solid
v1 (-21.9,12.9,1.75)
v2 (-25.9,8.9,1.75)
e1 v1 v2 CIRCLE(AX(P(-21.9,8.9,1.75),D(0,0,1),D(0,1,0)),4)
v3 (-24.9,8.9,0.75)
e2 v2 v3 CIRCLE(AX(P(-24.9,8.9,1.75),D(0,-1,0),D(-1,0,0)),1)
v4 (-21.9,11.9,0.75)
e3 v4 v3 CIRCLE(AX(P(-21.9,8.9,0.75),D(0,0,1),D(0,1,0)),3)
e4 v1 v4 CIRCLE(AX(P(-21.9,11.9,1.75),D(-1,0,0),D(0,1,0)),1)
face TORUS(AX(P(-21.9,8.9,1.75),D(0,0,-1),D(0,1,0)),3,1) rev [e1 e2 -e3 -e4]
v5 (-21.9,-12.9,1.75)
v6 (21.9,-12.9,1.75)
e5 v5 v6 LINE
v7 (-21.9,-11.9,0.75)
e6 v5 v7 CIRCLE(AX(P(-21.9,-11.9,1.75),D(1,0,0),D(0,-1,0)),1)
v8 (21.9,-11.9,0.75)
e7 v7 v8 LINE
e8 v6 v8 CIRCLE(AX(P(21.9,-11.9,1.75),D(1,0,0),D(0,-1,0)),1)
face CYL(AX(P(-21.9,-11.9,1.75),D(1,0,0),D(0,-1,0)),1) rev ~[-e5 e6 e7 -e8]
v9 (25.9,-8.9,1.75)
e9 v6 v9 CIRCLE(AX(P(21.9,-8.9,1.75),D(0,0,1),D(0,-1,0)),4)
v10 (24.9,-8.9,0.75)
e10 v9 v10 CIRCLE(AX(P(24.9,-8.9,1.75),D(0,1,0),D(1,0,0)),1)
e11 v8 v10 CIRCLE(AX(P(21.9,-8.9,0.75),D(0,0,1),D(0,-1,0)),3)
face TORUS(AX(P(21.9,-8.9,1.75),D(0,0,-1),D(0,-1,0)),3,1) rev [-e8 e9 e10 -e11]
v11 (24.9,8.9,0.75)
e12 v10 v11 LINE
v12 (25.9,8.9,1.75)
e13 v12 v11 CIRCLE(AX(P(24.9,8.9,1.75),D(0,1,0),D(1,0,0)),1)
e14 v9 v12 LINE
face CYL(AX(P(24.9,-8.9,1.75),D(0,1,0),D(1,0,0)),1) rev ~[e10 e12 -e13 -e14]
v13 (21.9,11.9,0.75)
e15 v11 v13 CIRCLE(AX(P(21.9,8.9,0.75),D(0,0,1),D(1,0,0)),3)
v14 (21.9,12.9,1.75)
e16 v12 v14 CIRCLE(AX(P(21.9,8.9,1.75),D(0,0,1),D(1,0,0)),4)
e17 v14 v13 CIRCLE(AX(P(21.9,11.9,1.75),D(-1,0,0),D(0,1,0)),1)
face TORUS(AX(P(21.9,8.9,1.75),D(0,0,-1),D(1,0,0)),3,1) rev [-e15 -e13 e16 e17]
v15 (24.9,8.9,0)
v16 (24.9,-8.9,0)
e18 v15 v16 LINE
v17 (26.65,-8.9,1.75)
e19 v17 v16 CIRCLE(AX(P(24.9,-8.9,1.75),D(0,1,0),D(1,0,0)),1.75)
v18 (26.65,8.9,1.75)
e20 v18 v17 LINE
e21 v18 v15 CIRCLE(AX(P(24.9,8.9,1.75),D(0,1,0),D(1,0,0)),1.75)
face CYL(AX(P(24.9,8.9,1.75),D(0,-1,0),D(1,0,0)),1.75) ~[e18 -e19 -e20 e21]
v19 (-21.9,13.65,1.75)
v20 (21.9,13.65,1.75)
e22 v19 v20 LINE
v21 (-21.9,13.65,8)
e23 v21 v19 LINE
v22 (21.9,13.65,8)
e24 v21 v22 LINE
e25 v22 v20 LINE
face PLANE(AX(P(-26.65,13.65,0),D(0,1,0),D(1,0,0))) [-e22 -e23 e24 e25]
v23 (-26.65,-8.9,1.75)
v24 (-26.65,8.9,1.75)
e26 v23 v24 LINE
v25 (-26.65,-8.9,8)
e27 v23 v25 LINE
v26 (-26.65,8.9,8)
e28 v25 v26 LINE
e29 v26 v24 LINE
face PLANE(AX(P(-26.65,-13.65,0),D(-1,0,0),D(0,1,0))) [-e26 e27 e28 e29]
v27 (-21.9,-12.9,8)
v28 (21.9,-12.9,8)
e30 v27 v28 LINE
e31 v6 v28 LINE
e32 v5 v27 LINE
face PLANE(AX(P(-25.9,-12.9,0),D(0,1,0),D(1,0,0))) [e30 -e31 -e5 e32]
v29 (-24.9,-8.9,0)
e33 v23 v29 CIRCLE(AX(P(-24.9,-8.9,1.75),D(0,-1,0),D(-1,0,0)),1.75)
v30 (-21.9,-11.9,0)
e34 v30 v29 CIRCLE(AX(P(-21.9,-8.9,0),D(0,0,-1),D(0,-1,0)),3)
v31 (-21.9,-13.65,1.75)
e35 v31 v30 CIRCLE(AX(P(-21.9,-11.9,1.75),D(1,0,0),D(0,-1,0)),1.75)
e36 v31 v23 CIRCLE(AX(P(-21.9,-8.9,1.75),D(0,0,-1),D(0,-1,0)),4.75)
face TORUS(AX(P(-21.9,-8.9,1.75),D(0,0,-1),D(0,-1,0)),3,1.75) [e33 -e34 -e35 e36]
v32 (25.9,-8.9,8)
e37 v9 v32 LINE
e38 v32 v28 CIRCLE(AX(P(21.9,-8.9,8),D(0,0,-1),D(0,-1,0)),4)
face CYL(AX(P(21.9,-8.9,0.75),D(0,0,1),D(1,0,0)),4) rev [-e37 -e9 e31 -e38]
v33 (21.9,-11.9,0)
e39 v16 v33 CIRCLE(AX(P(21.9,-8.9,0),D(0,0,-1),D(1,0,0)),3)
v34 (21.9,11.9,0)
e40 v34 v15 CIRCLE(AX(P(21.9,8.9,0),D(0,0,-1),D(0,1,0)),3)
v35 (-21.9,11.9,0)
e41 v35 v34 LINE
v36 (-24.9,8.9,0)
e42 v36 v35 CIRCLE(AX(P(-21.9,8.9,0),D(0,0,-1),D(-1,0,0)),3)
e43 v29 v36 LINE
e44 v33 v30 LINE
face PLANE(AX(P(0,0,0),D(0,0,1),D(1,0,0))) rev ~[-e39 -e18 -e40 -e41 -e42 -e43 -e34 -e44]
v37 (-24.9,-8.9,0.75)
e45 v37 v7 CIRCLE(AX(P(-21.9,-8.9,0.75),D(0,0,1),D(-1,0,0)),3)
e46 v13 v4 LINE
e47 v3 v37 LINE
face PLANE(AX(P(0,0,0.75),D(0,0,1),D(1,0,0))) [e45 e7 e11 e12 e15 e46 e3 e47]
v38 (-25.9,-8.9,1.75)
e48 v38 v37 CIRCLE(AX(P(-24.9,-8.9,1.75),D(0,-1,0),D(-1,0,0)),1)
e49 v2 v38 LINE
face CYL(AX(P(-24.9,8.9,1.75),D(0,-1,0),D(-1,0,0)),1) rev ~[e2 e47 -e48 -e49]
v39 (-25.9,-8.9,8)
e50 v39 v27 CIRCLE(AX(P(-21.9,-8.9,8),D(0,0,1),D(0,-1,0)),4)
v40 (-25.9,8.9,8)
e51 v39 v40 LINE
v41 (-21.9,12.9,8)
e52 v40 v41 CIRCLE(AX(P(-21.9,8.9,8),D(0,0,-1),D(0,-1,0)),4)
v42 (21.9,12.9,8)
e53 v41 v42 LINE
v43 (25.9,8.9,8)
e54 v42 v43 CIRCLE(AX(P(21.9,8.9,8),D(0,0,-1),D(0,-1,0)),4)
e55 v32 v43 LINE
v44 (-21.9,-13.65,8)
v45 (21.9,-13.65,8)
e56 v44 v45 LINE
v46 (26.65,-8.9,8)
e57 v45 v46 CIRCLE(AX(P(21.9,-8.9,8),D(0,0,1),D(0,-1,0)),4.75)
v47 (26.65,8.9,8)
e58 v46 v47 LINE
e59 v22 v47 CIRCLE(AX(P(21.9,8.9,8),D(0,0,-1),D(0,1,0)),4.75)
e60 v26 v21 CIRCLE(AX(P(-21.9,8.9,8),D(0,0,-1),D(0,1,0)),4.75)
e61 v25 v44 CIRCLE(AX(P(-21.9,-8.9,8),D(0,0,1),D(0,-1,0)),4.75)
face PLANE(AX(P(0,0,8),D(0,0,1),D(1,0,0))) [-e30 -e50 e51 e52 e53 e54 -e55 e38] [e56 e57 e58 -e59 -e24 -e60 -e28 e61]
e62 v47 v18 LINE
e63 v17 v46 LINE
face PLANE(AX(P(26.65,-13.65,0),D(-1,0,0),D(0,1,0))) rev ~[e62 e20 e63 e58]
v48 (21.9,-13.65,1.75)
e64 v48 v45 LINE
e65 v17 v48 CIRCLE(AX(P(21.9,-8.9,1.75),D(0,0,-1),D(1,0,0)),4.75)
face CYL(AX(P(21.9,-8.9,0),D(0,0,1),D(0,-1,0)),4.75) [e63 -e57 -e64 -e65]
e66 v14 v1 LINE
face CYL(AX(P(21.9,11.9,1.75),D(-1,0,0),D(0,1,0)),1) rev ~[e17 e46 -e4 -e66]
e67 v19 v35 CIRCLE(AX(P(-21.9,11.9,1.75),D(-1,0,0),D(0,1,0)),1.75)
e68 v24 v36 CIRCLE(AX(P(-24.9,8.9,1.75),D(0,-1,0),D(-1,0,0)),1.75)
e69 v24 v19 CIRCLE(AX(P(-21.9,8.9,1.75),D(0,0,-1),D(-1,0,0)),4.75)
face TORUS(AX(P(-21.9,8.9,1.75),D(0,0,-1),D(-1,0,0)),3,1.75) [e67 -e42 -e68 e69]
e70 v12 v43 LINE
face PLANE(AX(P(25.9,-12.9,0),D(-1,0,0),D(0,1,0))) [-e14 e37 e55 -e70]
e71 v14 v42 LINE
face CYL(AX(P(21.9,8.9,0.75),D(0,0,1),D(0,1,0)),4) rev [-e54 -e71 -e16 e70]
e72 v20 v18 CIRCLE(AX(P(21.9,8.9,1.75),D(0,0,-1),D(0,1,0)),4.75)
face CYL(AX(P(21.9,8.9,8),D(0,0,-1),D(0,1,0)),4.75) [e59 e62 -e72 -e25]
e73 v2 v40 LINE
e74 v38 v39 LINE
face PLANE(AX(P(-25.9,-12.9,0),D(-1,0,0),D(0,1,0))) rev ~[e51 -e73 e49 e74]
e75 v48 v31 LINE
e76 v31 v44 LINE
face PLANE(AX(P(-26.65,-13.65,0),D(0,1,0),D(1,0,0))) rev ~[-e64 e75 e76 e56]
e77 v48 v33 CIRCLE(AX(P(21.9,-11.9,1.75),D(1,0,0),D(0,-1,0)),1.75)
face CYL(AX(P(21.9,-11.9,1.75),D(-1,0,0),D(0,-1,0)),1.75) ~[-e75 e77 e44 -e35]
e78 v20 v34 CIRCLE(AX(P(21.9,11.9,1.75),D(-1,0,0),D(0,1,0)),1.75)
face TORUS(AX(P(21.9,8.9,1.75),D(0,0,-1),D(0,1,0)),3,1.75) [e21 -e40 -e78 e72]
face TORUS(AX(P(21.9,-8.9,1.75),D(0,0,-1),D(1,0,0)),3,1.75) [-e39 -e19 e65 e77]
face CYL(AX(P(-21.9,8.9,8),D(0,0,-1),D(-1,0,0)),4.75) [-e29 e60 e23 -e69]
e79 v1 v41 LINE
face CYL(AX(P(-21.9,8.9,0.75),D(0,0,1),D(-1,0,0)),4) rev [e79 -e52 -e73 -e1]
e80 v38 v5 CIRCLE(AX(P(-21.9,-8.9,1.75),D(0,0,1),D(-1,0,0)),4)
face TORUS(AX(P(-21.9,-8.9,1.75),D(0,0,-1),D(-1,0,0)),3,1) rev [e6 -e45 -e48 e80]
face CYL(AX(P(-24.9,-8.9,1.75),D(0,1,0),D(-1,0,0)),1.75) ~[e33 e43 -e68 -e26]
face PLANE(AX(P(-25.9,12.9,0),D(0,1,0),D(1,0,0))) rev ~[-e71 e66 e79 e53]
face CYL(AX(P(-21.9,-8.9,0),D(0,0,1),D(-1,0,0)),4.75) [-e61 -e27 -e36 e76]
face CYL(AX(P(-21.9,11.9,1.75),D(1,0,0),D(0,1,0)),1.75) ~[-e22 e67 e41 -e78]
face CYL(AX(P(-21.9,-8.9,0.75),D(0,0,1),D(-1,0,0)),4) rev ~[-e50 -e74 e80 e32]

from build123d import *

# Parameters (mm, degrees)
F0_W     = 53.3
F0_H     = 27.3
F0_W_2   = 51.8
F0_H_2   = 25.8
F1_DEPTH = 0.75
F2_DEPTH = 8
F3_R     = 4
F4_R     = 4.75
F5_R     = 1
F6_R     = 1.75


with BuildPart() as f1:
    # F0 (on Top) → F1 (new body)
    with BuildSketch(Plane.XY):
        Rectangle(F0_W, F0_H)
        Rectangle(F0_W_2, F0_H_2, mode=Mode.SUBTRACT)
        Rectangle(F0_W_2, F0_H_2)
    extrude(amount=F1_DEPTH)

    # F0 (on Top) → F2 (join)
    with BuildSketch(Plane.XY):
        Rectangle(F0_W, F0_H)
        Rectangle(F0_W_2, F0_H_2, mode=Mode.SUBTRACT)
    extrude(amount=F2_DEPTH)

    # F3
    f3_edges = [f1.edges().sort_by_distance(p)[0] for p in [
        (-25.9, 12.9, 4.375),
        (25.9, 12.9, 4.375),
        (25.9, -12.9, 4.375),
        (-25.9, -12.9, 4.375),
    ]]
    fillet(f3_edges, radius=F3_R)

    # F4
    f4_edges = [f1.edges().sort_by_distance(p)[0] for p in [
        (26.65, 13.65, 4),
        (26.65, -13.65, 4),
        (-26.65, 13.65, 4),
        (-26.65, -13.65, 4),
    ]]
    fillet(f4_edges, radius=F4_R)

    # F5
    f5_edges = [f1.edges().sort_by_distance(p)[0] for p in [
        (0, 12.9, 0.75),
    ]]
    fillet(f5_edges, radius=F5_R)

    # F6
    f6_edges = [f1.edges().sort_by_distance(p)[0] for p in [
        (0, 13.65, 0),
    ]]
    fillet(f6_edges, radius=F6_R)


solid = f1.part
